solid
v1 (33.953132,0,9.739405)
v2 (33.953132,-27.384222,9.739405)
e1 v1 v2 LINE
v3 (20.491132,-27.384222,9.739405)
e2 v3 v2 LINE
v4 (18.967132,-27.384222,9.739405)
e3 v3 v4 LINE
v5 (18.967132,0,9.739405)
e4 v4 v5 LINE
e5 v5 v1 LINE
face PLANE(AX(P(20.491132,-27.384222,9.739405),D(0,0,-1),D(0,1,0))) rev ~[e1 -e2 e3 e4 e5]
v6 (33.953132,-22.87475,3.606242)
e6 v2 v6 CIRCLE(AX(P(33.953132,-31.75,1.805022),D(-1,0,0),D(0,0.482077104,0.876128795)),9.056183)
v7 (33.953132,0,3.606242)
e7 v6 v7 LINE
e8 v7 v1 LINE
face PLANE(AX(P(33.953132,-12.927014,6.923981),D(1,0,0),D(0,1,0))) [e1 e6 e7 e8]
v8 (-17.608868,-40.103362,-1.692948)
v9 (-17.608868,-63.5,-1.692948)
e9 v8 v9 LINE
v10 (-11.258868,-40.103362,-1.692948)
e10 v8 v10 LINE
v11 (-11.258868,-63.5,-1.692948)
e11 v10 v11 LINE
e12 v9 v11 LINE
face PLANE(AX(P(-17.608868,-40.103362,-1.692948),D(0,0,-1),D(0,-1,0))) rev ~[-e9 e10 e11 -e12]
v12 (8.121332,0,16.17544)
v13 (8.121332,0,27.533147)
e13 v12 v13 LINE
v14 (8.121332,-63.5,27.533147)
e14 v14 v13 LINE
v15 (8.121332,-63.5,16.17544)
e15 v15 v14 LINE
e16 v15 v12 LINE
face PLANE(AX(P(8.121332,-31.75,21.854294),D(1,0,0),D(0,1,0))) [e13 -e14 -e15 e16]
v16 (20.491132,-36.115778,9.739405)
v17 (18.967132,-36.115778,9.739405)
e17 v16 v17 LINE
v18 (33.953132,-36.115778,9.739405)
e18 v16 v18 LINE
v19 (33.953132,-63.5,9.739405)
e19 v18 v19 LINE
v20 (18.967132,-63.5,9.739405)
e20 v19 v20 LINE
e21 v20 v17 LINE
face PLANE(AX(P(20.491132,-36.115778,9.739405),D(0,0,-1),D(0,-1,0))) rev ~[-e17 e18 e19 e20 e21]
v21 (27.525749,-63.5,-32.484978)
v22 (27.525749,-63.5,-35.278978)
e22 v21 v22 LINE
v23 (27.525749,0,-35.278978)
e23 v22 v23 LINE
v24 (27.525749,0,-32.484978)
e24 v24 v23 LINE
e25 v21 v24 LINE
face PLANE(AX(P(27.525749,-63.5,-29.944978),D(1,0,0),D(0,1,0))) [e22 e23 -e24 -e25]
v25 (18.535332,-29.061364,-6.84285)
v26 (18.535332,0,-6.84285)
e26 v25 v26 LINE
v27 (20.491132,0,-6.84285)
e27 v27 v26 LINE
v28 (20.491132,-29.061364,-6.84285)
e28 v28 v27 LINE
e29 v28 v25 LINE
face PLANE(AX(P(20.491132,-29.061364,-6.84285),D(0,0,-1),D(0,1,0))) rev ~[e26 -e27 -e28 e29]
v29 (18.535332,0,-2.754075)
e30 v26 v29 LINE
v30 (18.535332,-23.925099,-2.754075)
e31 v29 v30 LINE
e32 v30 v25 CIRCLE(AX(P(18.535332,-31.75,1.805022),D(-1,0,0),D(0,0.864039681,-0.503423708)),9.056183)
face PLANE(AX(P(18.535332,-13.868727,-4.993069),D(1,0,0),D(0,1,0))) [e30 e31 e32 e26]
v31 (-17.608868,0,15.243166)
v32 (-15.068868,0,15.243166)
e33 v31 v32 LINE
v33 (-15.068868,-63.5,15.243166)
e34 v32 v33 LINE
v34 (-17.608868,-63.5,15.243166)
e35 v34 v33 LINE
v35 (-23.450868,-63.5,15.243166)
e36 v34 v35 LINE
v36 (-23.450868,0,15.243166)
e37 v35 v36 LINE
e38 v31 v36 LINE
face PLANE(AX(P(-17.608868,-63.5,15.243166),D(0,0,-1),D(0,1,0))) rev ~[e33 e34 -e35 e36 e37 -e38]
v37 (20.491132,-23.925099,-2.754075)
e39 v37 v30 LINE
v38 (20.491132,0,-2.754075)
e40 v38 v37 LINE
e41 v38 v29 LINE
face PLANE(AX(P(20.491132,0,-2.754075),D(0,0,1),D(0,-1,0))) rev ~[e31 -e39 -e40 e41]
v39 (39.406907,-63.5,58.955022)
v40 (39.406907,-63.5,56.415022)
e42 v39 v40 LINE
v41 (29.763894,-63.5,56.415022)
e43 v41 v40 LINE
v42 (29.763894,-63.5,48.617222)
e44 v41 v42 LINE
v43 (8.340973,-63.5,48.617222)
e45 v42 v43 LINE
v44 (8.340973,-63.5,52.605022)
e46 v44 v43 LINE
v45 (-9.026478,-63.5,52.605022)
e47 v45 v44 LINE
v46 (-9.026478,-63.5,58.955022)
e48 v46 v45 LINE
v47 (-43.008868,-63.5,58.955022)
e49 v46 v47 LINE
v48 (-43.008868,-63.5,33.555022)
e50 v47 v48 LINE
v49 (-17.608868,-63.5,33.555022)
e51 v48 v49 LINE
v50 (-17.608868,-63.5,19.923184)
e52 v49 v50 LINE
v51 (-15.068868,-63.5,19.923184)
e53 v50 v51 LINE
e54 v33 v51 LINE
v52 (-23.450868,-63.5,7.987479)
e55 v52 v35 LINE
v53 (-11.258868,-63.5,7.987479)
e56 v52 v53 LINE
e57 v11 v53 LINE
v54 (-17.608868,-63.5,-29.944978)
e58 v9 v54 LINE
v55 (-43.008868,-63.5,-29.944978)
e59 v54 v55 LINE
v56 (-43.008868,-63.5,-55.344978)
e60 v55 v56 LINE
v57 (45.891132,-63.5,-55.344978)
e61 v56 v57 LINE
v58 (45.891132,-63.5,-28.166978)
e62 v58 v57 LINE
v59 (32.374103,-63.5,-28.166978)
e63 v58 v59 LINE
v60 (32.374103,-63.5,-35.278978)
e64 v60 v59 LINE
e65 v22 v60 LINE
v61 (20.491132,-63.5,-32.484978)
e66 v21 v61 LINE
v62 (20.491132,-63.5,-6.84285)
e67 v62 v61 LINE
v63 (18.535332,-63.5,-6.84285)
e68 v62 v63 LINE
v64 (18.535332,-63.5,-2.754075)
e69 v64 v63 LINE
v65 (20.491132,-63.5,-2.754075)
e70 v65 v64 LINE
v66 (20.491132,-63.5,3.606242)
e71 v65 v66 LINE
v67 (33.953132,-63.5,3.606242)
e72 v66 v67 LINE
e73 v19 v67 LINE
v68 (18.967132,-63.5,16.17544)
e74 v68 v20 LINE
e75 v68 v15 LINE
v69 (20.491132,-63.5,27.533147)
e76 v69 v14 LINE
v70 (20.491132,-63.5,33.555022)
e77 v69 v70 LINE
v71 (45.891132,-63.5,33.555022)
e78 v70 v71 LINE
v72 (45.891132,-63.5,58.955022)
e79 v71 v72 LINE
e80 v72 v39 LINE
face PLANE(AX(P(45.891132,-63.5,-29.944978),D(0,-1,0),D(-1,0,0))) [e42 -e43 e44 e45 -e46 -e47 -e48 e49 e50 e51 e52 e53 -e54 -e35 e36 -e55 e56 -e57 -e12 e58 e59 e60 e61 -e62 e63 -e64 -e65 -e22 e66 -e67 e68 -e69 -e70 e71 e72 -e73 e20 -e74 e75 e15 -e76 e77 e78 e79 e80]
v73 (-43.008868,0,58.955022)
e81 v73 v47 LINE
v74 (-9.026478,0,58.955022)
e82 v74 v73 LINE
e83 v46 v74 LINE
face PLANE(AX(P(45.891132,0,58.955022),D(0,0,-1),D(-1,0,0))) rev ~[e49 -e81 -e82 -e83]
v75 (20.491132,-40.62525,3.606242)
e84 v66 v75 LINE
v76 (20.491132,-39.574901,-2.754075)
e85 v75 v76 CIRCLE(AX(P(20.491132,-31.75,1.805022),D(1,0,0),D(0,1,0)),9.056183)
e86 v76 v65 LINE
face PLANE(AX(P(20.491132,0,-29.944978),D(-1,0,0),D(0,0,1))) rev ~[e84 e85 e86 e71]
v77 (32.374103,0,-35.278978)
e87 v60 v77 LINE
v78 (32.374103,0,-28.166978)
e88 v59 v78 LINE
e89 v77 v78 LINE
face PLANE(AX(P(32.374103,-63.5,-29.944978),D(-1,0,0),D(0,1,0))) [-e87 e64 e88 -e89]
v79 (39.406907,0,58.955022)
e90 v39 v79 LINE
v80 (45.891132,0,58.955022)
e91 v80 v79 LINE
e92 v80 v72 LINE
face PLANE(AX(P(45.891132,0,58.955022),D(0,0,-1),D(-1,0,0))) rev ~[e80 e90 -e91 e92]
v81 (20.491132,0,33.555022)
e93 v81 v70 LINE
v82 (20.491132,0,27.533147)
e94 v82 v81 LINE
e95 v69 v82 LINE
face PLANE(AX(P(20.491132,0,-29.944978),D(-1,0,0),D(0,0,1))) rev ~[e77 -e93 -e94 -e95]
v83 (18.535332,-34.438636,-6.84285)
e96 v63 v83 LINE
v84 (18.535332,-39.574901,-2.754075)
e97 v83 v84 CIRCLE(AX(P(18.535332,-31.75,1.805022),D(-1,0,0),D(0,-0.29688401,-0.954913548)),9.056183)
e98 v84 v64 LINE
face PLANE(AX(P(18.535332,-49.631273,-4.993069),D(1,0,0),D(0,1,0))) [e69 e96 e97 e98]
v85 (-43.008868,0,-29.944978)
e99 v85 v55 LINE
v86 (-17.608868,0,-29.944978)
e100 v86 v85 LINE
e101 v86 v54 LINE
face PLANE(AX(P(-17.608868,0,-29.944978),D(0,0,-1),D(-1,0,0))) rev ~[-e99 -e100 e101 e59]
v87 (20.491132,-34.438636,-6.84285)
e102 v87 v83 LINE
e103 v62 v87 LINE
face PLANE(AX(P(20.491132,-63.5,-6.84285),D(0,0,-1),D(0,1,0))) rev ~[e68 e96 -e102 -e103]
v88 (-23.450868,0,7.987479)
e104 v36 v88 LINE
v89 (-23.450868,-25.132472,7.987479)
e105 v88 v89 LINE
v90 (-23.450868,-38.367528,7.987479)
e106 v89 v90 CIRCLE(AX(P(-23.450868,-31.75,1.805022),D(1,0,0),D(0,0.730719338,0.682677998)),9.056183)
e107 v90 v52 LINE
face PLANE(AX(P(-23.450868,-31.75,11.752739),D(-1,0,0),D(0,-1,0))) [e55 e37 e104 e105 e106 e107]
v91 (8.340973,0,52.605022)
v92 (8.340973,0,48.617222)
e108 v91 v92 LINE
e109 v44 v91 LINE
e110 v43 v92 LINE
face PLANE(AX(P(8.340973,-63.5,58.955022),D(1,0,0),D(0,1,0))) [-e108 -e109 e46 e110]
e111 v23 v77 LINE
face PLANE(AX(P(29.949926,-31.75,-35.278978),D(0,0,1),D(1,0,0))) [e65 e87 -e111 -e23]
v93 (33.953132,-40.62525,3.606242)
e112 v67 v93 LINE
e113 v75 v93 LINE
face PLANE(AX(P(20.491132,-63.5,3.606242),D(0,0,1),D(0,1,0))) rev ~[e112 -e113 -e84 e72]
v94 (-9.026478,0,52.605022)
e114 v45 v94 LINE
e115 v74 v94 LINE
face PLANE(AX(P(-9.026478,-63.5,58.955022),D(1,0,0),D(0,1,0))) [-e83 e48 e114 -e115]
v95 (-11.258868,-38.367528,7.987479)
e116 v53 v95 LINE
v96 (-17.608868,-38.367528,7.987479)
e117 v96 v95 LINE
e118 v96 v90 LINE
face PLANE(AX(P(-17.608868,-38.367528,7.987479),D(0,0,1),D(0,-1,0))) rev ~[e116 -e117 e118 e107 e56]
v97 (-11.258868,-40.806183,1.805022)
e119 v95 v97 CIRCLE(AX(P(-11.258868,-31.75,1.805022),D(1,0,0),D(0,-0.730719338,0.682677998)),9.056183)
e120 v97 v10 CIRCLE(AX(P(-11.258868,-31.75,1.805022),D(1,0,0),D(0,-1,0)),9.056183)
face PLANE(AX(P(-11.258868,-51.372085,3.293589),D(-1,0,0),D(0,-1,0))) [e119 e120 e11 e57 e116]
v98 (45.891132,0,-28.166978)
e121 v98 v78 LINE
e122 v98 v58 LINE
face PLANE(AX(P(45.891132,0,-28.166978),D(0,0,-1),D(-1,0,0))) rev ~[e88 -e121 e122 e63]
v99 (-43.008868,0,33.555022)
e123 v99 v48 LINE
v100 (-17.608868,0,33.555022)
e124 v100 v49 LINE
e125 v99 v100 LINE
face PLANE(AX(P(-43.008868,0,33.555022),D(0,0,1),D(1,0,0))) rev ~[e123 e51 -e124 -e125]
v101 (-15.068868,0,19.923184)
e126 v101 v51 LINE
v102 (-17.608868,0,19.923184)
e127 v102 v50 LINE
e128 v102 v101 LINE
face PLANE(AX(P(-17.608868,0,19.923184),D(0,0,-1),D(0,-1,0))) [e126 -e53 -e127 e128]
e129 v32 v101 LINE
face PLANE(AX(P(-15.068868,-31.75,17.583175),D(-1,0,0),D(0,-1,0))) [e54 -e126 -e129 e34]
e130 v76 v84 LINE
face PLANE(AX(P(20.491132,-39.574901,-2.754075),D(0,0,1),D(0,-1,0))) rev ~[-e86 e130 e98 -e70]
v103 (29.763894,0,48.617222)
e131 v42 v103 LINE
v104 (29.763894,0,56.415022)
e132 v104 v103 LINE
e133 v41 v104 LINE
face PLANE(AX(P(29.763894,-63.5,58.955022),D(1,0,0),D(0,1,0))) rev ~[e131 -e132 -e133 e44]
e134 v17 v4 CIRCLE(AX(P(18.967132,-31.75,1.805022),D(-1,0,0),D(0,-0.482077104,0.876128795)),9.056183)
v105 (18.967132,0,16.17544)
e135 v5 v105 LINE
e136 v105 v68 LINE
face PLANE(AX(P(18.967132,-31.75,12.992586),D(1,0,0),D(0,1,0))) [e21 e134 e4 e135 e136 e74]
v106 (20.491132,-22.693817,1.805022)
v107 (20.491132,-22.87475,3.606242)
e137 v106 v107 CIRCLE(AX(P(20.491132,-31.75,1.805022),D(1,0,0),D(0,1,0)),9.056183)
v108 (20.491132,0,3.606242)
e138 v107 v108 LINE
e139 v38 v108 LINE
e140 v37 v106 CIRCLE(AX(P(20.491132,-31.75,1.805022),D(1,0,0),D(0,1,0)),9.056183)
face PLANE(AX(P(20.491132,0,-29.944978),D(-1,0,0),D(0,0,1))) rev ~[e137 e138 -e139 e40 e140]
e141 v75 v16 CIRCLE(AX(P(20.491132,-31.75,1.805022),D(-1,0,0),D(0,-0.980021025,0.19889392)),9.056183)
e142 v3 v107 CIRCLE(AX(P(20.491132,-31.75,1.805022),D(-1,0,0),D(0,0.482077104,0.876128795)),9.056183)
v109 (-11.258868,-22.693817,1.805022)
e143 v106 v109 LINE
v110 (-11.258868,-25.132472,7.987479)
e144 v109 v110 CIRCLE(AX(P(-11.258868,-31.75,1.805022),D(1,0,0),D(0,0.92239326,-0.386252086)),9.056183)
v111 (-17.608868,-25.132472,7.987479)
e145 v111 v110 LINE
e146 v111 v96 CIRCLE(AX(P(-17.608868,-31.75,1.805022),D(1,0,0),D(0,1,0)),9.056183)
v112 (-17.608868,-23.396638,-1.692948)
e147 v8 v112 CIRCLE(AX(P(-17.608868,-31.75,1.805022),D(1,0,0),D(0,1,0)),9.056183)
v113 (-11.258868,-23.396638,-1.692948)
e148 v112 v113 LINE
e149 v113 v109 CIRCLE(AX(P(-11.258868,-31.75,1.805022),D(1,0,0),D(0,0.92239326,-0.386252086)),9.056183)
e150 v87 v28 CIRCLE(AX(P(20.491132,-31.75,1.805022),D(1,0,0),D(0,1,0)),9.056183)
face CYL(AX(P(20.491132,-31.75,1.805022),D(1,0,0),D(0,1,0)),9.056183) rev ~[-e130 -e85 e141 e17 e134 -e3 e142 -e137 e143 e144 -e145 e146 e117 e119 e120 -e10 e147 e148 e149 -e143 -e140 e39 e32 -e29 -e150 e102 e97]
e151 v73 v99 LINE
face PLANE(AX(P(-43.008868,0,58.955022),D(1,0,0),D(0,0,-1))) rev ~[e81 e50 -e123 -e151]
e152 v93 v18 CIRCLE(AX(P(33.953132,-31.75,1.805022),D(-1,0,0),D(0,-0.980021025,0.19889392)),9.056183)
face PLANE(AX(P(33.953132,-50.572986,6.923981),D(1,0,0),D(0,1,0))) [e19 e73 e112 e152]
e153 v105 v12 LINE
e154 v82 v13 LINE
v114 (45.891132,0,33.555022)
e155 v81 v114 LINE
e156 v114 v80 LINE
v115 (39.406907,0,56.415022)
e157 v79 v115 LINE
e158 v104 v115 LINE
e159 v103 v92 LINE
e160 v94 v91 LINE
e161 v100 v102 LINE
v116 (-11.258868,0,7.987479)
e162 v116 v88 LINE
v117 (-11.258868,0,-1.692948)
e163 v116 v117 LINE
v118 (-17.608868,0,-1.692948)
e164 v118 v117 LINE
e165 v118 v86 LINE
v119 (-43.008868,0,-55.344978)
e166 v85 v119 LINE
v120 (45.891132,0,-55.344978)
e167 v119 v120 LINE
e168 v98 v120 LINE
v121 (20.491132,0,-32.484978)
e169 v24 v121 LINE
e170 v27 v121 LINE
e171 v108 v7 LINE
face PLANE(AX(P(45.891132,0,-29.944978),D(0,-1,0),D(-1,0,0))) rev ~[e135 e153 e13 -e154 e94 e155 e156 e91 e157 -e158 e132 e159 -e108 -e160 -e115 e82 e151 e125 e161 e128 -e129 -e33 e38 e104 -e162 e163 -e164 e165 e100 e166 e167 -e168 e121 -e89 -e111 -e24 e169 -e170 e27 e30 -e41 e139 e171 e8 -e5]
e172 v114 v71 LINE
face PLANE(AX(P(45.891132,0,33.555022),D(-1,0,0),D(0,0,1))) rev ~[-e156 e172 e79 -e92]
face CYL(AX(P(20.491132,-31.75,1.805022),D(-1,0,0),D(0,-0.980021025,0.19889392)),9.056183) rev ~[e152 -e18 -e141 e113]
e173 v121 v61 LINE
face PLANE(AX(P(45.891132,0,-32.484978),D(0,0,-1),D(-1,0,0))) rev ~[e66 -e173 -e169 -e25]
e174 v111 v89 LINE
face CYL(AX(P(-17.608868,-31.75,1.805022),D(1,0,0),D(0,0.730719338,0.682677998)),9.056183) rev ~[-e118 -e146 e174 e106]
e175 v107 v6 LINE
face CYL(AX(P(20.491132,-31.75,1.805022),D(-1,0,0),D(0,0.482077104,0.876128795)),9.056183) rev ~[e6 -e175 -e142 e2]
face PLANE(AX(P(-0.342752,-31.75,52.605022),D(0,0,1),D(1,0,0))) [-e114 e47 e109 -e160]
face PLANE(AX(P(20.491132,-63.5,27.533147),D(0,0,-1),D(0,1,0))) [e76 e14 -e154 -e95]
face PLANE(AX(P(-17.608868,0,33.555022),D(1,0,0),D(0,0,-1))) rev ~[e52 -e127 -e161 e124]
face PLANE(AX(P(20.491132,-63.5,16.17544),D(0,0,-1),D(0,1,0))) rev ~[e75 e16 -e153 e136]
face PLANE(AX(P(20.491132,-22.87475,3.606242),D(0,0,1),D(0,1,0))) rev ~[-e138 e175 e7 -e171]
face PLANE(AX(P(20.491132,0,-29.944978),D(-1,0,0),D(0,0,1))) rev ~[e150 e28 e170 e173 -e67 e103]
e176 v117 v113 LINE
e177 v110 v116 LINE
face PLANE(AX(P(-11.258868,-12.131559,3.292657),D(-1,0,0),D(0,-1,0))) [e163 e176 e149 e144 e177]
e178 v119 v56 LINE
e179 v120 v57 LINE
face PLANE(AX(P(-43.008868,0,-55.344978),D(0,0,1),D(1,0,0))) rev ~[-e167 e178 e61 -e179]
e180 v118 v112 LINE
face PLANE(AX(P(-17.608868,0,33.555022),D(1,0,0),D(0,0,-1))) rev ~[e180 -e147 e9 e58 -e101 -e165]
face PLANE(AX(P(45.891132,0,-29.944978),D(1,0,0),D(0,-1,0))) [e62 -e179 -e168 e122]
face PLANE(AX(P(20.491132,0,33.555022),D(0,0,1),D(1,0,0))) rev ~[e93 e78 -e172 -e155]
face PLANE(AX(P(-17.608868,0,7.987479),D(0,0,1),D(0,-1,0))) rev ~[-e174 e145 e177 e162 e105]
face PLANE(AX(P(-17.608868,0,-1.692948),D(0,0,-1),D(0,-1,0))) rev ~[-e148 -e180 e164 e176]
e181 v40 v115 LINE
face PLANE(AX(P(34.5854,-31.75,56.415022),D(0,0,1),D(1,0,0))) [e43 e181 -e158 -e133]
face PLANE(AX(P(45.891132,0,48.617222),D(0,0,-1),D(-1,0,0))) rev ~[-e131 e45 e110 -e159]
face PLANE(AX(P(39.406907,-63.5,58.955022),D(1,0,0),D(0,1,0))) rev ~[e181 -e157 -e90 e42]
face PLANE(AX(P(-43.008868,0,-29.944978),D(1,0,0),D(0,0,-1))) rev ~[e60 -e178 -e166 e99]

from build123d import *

# Parameters (mm, degrees)
F1_DEPTH  = 63.5
F2_R      = 9.0561828793
F3_DEPTH  = 63.501
F4_W      = 17.3674514517
F4_H      = 63.5
F5_DEPTH  = 6.35
F6_W      = 9.6430126578
F6_H      = 63.5
F7_DEPTH  = 2.54
F8_DEPTH  = 10.3378
F9_W      = 63.5
F9_H      = 4.6800179407
F10_DEPTH = 2.54
F11_DEPTH = 6.35
F12_DEPTH = 6.35
F13_DEPTH = 5.842
F14_W     = 63.5
F14_H     = 11.3577079028
F15_DEPTH = 12.3698
F16_DEPTH = 13.462
F17_DEPTH = 13.462
F18_DEPTH = 1.524
F19_DEPTH = 1.9558
F20_DEPTH = 1.9558
F21_W     = 4.8483535647
F21_H     = 63.5
F22_DEPTH = 5.334
F23_DEPTH = 1.778
F24_DEPTH = 2.54


with BuildPart() as f1:
    # F0 (on Front) → F1 (new body)
    with BuildSketch(Plane.XZ):
        Polygon((-43.0088681884, -29.9449780501), (-43.0088681884, -55.3449780501), (45.8911318116, -55.3449780501), (45.8911318116, -29.9449780501), (20.4911318116, -29.9449780501), (20.4911318116, 33.5550219499), (45.8911318116, 33.5550219499), (45.8911318116, 58.9550219499), (-43.0088681884, 58.9550219499), (-43.0088681884, 33.5550219499), (-17.6088681884, 33.5550219499), (-17.6088681884, -29.9449780501), align=None)
    extrude(amount=F1_DEPTH)

    # F2 (on face) → F3 (cut, through all)
    with BuildSketch(Plane.YZ.offset(20.4911318116)):
        with Locations((-31.75, 1.8050219499)):
            Circle(F2_R)
    extrude(amount=-F3_DEPTH, mode=Mode.SUBTRACT)

    # F4 (on face) → F5 (cut)
    with BuildSketch(Plane.XY.offset(58.9550219499)):
        with Locations((-0.3427523188, -31.75)):
            Rectangle(F4_W, F4_H)
    extrude(amount=-F5_DEPTH, mode=Mode.SUBTRACT)

    # F6 (on face) → F7 (cut)
    with BuildSketch(Plane.XY.offset(58.9550219499)):
        with Locations((34.5854004845, -31.75)):
            Rectangle(F6_W, F6_H)
    extrude(amount=-F7_DEPTH, mode=Mode.SUBTRACT)

    # F8 (cut): a face of the model
    f8_faces = [f1.faces().sort_by_distance(p)[0] for p in [
        (19.0524337813, -31.75, 58.9550219499),
    ]]
    extrude(f8_faces, amount=-F8_DEPTH, mode=Mode.SUBTRACT)

    # F9 (on face) → F10 (cut)
    with BuildSketch(Plane(origin=(-17.6088681884, 0, 0), x_dir=(0, -1, 0), z_dir=(-1, 0, 0))):
        with Locations((31.75, 17.5831750967)):
            Rectangle(F9_W, F9_H)
    extrude(amount=-F10_DEPTH, mode=Mode.SUBTRACT)

    # F9 (on face) → F11 (cut)
    with BuildSketch(Plane(origin=(-17.6088681884, 0, 0), x_dir=(0, -1, 0), z_dir=(-1, 0, 0))):
        with BuildLine():
            Line((63.5, -1.6929475823), (63.5, 7.987478748))
            Line((63.5, 7.987478748), (38.3675279587, 7.987478748))
            ThreePointArc((38.3675279587, 7.987478748), (40.1744878701, 5.128040528), (40.8061828793, 1.8050219499))
            ThreePointArc((40.8061828793, 1.8050219499), (40.6287392884, 0.021083332), (40.1033620474, -1.6929475823))
            Line((40.1033620474, -1.6929475823), (63.5, -1.6929475823))
        make_face()
    extrude(amount=-F11_DEPTH, mode=Mode.SUBTRACT)

    # F9 (on face) → F12 (cut)
    with BuildSketch(Plane(origin=(-17.6088681884, 0, 0), x_dir=(0, -1, 0), z_dir=(-1, 0, 0))):
        with BuildLine():
            Line((25.1324720413, 7.987478748), (0, 7.987478748))
            Line((0, 7.987478748), (0, -1.6929475823))
            Line((0, -1.6929475823), (23.3966379526, -1.6929475823))
            ThreePointArc((23.3966379526, -1.6929475823), (22.8359913407, 3.4034267691), (25.1324720413, 7.987478748))
        make_face()
    extrude(amount=-F12_DEPTH, mode=Mode.SUBTRACT)

    # F9 (on face) → F13 (join)
    with BuildSketch(Plane(origin=(-17.6088681884, 0, 0), x_dir=(0, -1, 0), z_dir=(-1, 0, 0))):
        with BuildLine():
            Line((63.5, 7.987478748), (63.5, 15.2431661263))
            Line((63.5, 15.2431661263), (0, 15.2431661263))
            Line((0, 15.2431661263), (0, 7.987478748))
            Line((0, 7.987478748), (25.1324720413, 7.987478748))
            ThreePointArc((25.1324720413, 7.987478748), (31.75, 10.8612048292), (38.3675279587, 7.987478748))
            Line((38.3675279587, 7.987478748), (63.5, 7.987478748))
        make_face()
    extrude(amount=F13_DEPTH)

    # F14 (on face) → F15 (cut)
    with BuildSketch(Plane.YZ.offset(20.4911318116)):
        with Locations((-31.75, 21.8542935327)):
            Rectangle(F14_W, F14_H)
    extrude(amount=-F15_DEPTH, mode=Mode.SUBTRACT)

    # F14 (on face) → F16 (join)
    with BuildSketch(Plane.YZ.offset(20.4911318116)):
        with BuildLine():
            Line((-36.1157784174, 9.7394045442), (-63.5, 9.7394045442))
            Line((-63.5, 9.7394045442), (-63.5, 3.6062416621))
            Line((-63.5, 3.6062416621), (-40.6252496242, 3.6062416621))
            ThreePointArc((-40.6252496242, 3.6062416621), (-39.0462406508, 7.1696580707), (-36.1157784174, 9.7394045442))
        make_face()
    extrude(amount=F16_DEPTH)

    # F14 (on face) → F17 (join)
    with BuildSketch(Plane.YZ.offset(20.4911318116)):
        with BuildLine():
            Line((0, 3.6062416621), (0, 9.7394045442))
            Line((0, 9.7394045442), (-27.3842215826, 9.7394045442))
            ThreePointArc((-27.3842215826, 9.7394045442), (-24.4537593492, 7.1696580707), (-22.8747503758, 3.6062416621))
            Line((-22.8747503758, 3.6062416621), (0, 3.6062416621))
        make_face()
    extrude(amount=F17_DEPTH)

    # F14 (on face) → F18 (cut)
    with BuildSketch(Plane.YZ.offset(20.4911318116)):
        with BuildLine():
            Line((0, 16.1754395813), (-63.5, 16.1754395813))
            Line((-63.5, 16.1754395813), (-63.5, 9.7394045442))
            Line((-63.5, 9.7394045442), (-36.1157784174, 9.7394045442))
            ThreePointArc((-36.1157784174, 9.7394045442), (-31.75, 10.8612048292), (-27.3842215826, 9.7394045442))
            Line((-27.3842215826, 9.7394045442), (0, 9.7394045442))
            Line((0, 9.7394045442), (0, 16.1754395813))
        make_face()
    extrude(amount=-F18_DEPTH, mode=Mode.SUBTRACT)

    # F14 (on face) → F19 (cut)
    with BuildSketch(Plane.YZ.offset(20.4911318116)):
        with BuildLine():
            Line((-39.574901363, -2.7540752199), (-63.5, -2.7540752199))
            Line((-63.5, -2.7540752199), (-63.5, -6.8428497761))
            Line((-63.5, -6.8428497761), (-34.4386358909, -6.8428497761))
            ThreePointArc((-34.4386358909, -6.8428497761), (-37.3903134435, -5.2802665131), (-39.574901363, -2.7540752199))
        make_face()
    extrude(amount=-F19_DEPTH, mode=Mode.SUBTRACT)

    # F14 (on face) → F20 (cut)
    with BuildSketch(Plane.YZ.offset(20.4911318116)):
        with BuildLine():
            Line((0, -6.8428497761), (0, -2.7540752199))
            Line((0, -2.7540752199), (-23.925098637, -2.7540752199))
            ThreePointArc((-23.925098637, -2.7540752199), (-26.1096865565, -5.2802665131), (-29.0613641091, -6.8428497761))
            Line((-29.0613641091, -6.8428497761), (0, -6.8428497761))
        make_face()
    extrude(amount=-F20_DEPTH, mode=Mode.SUBTRACT)

    # F21 (on face) → F22 (cut)
    with BuildSketch(Plane.XY.offset(-29.9449780501)):
        with Locations((29.9499258399, -31.75)):
            Rectangle(F21_W, F21_H)
    extrude(amount=-F22_DEPTH, mode=Mode.SUBTRACT)

    # F23 (add): a face of the model
    f23_faces = [f1.faces().sort_by_distance(p)[0] for p in [
        (39.1326172169, -31.75, -29.9449780501),
    ]]
    extrude(f23_faces, amount=F23_DEPTH)

    # F24 (cut): a face of the model
    f24_faces = [f1.faces().sort_by_distance(p)[0] for p in [
        (24.0084404346, -31.75, -29.9449780501),
    ]]
    extrude(f24_faces, amount=-F24_DEPTH, mode=Mode.SUBTRACT)


solid = f1.part
